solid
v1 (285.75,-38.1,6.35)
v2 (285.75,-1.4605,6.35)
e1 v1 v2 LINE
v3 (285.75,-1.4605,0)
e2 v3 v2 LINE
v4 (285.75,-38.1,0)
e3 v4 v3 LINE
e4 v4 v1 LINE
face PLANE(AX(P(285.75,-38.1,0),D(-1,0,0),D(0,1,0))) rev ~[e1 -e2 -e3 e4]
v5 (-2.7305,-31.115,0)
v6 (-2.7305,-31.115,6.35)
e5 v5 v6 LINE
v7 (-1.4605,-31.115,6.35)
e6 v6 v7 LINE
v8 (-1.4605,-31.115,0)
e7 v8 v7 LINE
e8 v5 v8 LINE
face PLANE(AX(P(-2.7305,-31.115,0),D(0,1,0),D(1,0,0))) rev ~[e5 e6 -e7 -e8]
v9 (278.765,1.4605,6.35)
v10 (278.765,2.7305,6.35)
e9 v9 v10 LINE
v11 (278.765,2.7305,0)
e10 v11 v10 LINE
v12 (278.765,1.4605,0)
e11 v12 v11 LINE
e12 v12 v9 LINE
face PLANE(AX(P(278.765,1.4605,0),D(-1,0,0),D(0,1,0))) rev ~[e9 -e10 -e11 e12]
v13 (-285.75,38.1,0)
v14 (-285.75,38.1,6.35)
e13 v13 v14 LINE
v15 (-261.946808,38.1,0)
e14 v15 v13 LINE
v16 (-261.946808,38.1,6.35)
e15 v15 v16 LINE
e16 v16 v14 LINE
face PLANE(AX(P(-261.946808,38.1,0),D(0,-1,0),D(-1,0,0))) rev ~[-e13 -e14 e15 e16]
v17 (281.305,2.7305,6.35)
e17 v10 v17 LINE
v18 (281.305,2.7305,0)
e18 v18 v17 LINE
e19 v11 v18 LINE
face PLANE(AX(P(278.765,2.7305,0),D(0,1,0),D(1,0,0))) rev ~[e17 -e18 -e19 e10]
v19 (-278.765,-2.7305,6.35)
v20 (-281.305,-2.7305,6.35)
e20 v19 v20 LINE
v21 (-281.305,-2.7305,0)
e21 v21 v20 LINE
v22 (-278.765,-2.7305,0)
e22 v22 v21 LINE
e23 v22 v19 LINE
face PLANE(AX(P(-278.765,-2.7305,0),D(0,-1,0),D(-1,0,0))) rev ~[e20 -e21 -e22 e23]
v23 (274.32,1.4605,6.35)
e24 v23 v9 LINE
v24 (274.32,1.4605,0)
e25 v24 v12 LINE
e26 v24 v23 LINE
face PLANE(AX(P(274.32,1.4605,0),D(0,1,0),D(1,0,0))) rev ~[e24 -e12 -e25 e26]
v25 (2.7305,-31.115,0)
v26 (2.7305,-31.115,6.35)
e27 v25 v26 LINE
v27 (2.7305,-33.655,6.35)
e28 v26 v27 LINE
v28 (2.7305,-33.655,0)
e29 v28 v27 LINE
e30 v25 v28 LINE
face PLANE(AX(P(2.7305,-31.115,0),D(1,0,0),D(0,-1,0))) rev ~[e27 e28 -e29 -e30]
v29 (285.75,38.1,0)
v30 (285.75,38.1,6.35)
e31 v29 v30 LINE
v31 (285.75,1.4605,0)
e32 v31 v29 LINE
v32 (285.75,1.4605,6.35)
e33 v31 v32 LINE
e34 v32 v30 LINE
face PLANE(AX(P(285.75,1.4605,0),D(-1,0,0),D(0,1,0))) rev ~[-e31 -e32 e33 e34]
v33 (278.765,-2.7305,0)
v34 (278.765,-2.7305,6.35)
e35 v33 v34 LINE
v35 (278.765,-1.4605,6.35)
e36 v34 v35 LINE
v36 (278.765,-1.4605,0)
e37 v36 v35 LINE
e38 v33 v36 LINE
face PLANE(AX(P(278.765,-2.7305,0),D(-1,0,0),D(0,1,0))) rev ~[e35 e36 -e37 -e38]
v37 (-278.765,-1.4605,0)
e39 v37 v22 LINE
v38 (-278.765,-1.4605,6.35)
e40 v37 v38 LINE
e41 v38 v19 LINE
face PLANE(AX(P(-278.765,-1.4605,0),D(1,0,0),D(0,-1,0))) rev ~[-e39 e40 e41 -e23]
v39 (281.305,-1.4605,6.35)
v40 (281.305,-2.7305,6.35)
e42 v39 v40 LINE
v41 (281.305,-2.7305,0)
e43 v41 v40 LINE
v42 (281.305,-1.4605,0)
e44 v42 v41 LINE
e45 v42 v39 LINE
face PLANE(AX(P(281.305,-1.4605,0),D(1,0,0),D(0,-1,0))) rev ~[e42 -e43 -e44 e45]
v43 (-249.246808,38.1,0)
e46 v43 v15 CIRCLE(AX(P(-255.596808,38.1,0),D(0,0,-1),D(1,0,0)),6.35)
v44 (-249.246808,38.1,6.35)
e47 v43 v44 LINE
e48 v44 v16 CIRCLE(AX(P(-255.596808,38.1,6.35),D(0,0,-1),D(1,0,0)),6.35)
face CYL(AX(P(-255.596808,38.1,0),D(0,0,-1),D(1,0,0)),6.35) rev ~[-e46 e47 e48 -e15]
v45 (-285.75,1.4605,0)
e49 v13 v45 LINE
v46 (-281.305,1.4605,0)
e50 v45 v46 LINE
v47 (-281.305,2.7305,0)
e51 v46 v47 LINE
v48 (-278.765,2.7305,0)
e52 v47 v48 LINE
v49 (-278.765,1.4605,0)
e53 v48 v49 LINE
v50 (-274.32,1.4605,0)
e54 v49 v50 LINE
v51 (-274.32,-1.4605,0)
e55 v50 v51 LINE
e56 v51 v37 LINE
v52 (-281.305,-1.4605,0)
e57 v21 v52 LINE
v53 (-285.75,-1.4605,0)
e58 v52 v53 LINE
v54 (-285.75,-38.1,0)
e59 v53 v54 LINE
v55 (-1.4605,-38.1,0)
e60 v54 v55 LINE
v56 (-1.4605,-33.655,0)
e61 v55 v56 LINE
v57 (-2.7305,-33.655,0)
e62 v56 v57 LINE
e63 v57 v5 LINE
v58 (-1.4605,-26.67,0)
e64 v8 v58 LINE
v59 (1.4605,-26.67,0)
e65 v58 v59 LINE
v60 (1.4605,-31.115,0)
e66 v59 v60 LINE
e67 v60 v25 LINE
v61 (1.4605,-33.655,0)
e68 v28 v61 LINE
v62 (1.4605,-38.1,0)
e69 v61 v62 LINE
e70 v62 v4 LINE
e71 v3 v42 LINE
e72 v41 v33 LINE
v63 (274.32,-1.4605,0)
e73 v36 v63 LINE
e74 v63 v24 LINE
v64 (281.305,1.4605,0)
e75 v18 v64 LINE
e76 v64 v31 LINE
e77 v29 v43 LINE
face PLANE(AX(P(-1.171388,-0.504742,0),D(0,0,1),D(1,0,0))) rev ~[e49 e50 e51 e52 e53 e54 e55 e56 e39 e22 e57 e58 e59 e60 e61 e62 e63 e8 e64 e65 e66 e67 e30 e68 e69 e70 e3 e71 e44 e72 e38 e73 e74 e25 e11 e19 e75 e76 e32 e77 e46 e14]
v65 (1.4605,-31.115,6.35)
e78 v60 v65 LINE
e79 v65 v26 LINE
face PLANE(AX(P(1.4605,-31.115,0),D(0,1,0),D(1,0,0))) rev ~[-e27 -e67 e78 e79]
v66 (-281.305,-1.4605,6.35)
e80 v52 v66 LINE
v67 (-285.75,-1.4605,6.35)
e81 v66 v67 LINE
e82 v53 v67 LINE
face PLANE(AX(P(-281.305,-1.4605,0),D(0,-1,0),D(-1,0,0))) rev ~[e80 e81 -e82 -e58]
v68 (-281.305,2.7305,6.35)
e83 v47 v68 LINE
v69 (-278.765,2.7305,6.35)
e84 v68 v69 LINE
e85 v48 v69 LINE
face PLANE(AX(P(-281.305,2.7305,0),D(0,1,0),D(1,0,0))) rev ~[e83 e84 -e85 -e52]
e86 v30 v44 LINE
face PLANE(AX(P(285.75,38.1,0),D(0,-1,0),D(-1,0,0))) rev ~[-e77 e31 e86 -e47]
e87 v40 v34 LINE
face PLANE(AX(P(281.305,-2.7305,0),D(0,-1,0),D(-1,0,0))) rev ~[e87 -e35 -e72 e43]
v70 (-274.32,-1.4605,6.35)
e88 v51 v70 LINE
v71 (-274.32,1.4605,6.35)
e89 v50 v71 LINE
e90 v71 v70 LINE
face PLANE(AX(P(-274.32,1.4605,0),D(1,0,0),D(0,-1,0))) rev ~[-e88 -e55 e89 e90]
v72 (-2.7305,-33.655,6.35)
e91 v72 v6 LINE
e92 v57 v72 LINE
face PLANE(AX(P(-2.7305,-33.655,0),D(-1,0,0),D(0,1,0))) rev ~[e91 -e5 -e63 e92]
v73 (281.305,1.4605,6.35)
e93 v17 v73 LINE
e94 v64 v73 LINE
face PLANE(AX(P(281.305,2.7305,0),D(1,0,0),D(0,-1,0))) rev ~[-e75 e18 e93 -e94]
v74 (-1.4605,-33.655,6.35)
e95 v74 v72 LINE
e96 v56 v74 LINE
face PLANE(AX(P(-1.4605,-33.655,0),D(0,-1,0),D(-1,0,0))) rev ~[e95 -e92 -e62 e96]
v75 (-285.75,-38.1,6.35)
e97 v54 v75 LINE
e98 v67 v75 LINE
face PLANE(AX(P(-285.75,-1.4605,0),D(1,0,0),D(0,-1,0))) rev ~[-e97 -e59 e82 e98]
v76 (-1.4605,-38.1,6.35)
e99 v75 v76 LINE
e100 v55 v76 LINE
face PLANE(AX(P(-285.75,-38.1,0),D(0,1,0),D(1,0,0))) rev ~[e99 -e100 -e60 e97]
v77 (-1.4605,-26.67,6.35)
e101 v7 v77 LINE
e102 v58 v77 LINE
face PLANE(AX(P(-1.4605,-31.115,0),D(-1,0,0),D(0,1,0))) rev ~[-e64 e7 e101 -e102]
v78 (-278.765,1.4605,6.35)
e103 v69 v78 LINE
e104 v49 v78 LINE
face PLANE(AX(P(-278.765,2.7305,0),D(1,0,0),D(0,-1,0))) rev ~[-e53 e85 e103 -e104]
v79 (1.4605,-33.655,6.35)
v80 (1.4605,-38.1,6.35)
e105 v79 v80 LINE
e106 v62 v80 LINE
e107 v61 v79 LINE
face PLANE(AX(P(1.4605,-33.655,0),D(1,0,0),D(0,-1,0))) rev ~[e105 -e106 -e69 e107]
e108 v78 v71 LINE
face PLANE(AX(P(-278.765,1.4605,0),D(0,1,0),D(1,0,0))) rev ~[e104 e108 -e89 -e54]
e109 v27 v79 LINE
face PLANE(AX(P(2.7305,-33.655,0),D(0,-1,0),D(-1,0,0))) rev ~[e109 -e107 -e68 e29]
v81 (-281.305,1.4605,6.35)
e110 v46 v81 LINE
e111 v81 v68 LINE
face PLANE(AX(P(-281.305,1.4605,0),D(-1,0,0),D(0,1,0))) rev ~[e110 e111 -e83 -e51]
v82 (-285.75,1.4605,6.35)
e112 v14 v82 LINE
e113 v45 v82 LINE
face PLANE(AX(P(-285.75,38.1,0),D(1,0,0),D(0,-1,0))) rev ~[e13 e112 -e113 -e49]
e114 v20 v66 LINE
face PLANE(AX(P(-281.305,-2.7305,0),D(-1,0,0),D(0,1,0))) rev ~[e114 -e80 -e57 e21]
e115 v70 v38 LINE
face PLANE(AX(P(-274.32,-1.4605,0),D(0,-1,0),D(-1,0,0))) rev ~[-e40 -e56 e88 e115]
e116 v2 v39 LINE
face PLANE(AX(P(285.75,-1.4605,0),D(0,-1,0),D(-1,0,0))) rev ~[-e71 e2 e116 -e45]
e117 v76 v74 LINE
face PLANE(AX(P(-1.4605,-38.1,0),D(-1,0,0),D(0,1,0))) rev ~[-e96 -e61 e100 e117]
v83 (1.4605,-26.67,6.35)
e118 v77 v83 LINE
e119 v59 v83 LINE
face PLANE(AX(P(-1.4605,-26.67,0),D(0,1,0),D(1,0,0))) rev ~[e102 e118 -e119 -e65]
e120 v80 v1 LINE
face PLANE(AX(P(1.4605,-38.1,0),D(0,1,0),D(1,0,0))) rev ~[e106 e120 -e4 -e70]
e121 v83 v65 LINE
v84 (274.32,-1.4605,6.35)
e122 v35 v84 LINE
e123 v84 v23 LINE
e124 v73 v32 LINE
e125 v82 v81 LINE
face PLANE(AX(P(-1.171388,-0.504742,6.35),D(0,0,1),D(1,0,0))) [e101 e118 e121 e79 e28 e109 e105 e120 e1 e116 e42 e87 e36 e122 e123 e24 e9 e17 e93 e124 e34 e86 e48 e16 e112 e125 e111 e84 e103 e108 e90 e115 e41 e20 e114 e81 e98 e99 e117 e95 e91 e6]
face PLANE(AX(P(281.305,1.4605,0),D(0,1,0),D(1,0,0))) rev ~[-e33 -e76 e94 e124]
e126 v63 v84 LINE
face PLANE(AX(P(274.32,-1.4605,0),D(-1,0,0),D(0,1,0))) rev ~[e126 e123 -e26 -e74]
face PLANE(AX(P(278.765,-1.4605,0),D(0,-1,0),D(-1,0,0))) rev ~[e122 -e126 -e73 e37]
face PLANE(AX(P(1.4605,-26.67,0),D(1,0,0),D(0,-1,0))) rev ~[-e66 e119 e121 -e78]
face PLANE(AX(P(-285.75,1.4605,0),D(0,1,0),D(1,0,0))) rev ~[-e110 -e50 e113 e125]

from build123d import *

# Parameters (mm, degrees)
F1_DEPTH = 6.35


with BuildPart() as f1:
    # F0 (on Top) → F1 (new body)
    with BuildSketch(Plane.XY):
        with BuildLine():
            Line((1.4605, -38.1), (285.75, -38.1))
            Line((285.75, -38.1), (285.75, -1.4605))
            Line((285.75, -1.4605), (281.305, -1.4605))
            Line((281.305, -1.4605), (281.305, -2.7305))
            Line((281.305, -2.7305), (278.765, -2.7305))
            Line((278.765, -2.7305), (278.765, -1.4605))
            Line((278.765, -1.4605), (274.32, -1.4605))
            Line((274.32, -1.4605), (274.32, 0))
            Line((274.32, 0), (274.32, 1.4605))
            Line((274.32, 1.4605), (278.765, 1.4605))
            Line((278.765, 1.4605), (278.765, 2.7305))
            Line((278.765, 2.7305), (281.305, 2.7305))
            Line((281.305, 2.7305), (281.305, 1.4605))
            Line((281.305, 1.4605), (285.75, 1.4605))
            Line((285.75, 1.4605), (285.75, 38.1))
            Line((285.75, 38.1), (-249.246808, 38.1))
            ThreePointArc((-249.246808, 38.1), (-255.596808, 31.75), (-261.946808, 38.1))
            Line((-261.946808, 38.1), (-285.75, 38.1))
            Line((-285.75, 38.1), (-285.75, 1.4605))
            Line((-285.75, 1.4605), (-281.305, 1.4605))
            Line((-281.305, 1.4605), (-281.305, 2.7305))
            Line((-281.305, 2.7305), (-278.765, 2.7305))
            Line((-278.765, 2.7305), (-278.765, 1.4605))
            Line((-278.765, 1.4605), (-274.32, 1.4605))
            Line((-274.32, 1.4605), (-274.32, 0))
            Line((-274.32, 0), (-274.32, -1.4605))
            Line((-274.32, -1.4605), (-278.765, -1.4605))
            Line((-278.765, -1.4605), (-278.765, -2.7305))
            Line((-278.765, -2.7305), (-281.305, -2.7305))
            Line((-281.305, -2.7305), (-281.305, -1.4605))
            Line((-281.305, -1.4605), (-285.75, -1.4605))
            Line((-285.75, -1.4605), (-285.75, -38.1))
            Line((-285.75, -38.1), (-1.4605, -38.1))
            Line((-1.4605, -38.1), (-1.4605, -33.655))
            Line((-1.4605, -33.655), (-2.7305, -33.655))
            Line((-2.7305, -33.655), (-2.7305, -31.115))
            Line((-2.7305, -31.115), (-1.4605, -31.115))
            Line((-1.4605, -31.115), (-1.4605, -26.67))
            Line((-1.4605, -26.67), (0, -26.67))
            Line((0, -26.67), (1.4605, -26.67))
            Line((1.4605, -26.67), (1.4605, -31.115))
            Line((1.4605, -31.115), (2.7305, -31.115))
            Line((2.7305, -31.115), (2.7305, -33.655))
            Line((2.7305, -33.655), (1.4605, -33.655))
            Line((1.4605, -33.655), (1.4605, -38.1))
        make_face()
    extrude(amount=F1_DEPTH)


solid = f1.part
